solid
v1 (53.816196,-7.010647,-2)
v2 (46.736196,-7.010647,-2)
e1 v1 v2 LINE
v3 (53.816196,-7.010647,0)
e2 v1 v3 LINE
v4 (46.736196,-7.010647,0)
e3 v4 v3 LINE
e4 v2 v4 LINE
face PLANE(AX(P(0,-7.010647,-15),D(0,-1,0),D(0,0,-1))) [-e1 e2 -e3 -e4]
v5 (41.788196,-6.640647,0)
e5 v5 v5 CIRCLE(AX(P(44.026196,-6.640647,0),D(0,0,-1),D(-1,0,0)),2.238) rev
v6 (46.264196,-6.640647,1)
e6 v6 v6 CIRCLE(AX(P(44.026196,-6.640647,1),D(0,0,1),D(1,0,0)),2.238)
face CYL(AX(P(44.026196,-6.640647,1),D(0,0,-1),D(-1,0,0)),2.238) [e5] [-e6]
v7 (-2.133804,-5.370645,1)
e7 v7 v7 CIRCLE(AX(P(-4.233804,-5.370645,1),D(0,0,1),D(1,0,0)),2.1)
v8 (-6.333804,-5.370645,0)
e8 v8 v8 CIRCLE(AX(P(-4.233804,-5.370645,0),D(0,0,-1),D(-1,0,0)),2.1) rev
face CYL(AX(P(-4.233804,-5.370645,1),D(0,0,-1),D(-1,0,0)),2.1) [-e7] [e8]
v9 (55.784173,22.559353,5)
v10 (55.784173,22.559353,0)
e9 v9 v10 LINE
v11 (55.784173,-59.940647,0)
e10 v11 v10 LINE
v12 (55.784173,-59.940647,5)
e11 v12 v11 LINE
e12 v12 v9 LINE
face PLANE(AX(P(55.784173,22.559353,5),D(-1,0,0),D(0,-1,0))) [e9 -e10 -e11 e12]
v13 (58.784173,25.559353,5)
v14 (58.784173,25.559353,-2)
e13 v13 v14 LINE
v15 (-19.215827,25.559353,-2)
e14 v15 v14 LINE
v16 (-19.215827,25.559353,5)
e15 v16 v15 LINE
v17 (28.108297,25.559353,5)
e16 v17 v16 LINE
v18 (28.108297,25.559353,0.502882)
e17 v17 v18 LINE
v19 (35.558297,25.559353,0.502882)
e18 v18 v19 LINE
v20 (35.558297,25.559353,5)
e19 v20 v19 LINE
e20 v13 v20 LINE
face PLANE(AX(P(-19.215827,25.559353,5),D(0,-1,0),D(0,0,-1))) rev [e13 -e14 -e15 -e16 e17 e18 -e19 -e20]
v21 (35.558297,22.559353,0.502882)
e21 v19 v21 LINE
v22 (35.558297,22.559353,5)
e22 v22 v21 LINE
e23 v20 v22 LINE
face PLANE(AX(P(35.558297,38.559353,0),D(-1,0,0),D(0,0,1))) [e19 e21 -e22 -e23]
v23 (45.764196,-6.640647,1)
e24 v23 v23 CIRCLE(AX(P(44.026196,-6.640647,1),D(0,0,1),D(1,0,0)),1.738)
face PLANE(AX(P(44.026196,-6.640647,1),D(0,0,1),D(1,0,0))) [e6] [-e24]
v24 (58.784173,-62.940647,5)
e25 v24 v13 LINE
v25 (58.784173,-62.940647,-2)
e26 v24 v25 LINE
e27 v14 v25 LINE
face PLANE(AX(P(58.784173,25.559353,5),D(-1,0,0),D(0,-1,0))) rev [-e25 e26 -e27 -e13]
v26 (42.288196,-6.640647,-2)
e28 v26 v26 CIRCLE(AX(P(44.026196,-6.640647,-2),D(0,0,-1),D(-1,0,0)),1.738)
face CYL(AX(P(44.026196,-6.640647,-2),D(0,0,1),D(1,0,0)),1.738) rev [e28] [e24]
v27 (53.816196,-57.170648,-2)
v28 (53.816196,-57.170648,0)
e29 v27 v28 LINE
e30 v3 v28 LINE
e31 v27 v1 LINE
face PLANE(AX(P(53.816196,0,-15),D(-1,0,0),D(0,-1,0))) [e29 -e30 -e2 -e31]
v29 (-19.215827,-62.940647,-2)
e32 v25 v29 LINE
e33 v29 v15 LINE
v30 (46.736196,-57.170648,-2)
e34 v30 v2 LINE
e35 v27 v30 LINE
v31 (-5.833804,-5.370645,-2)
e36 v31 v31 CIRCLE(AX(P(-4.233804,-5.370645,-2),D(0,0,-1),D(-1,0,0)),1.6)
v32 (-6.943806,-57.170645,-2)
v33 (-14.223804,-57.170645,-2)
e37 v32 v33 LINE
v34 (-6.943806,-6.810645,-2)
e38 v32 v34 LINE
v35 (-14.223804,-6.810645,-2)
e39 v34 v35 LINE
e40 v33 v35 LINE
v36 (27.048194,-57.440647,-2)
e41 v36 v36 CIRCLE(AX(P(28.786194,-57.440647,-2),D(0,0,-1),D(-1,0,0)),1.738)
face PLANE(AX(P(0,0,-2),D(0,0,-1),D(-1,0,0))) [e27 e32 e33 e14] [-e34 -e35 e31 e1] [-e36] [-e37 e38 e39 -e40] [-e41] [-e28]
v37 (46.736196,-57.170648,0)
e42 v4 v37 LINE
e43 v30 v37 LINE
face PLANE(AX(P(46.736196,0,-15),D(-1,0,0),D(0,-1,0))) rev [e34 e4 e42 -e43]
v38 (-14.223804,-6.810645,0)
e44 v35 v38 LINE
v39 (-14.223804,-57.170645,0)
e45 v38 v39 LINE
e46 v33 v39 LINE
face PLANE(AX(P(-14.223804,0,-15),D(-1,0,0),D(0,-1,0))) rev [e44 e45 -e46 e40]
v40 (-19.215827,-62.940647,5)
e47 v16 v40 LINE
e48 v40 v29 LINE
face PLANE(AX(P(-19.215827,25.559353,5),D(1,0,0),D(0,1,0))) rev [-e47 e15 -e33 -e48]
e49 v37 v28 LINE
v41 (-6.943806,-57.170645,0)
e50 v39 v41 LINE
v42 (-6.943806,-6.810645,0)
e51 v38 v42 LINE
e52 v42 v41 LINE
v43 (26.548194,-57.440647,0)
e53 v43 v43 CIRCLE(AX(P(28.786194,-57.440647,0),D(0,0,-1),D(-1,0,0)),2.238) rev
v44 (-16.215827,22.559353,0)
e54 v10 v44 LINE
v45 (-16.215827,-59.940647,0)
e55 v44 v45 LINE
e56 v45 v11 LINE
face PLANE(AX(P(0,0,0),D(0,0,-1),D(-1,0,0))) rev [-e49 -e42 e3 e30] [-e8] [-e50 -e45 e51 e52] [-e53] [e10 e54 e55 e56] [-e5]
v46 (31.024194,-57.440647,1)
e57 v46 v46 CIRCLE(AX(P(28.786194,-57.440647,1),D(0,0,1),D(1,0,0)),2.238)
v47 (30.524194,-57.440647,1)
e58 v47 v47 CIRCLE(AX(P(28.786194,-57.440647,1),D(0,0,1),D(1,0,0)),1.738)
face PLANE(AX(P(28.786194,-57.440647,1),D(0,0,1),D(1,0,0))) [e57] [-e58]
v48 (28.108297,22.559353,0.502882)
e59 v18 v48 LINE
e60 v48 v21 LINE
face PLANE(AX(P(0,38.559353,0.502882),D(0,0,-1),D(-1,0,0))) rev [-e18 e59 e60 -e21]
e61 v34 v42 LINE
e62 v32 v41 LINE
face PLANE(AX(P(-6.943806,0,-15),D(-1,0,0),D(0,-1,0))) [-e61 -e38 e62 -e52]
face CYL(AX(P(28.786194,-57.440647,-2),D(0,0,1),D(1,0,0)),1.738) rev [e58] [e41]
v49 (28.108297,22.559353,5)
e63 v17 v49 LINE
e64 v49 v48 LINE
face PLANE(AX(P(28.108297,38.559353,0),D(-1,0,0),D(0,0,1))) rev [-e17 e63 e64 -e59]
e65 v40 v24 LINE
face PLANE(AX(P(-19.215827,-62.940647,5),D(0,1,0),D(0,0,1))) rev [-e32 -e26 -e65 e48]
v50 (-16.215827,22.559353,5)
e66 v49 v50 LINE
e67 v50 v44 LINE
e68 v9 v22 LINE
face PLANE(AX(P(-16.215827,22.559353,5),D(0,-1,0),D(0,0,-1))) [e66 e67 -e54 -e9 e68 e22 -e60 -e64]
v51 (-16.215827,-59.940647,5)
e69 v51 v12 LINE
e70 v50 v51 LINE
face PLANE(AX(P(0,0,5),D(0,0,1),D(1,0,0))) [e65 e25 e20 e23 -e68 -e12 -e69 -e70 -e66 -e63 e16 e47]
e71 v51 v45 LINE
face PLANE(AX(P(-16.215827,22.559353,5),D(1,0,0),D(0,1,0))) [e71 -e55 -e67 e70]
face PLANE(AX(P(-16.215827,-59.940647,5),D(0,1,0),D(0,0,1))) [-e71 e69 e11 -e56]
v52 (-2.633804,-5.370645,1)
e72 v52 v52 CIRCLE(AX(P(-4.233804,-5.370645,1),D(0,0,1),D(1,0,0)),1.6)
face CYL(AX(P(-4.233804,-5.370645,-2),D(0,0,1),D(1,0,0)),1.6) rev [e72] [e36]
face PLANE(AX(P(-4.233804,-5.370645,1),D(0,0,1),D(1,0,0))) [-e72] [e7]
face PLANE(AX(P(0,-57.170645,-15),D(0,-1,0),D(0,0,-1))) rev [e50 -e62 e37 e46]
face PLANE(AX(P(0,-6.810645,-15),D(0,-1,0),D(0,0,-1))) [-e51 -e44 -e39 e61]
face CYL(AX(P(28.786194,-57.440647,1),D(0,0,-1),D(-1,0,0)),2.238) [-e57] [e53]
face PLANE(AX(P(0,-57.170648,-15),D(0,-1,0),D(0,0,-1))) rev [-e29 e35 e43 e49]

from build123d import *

# Parameters (mm, degrees)
SKETCH1_W           = 78
SKETCH1_H           = 88.5
SKETCH1_W_2         = 72
SKETCH1_H_2         = 82.5
BOSS_EXTRUDE1_DEPTH = 5
SKETCH2_W           = 78
SKETCH2_H           = 88.5
SKETCH2_R           = 1.6
SKETCH2_R_2         = 1.738
BOSS_EXTRUDE2_DEPTH = 2
SKETCH7_W           = 7.279998142
SKETCH7_H           = 50.36
SKETCH7_W_2         = 7.079999996
SKETCH7_H_2         = 50.160000192
CUT_EXTRUDE1_DEPTH  = 15
SKETCH9_W           = 7.45
SKETCH9_H           = 4.497118046
CUT_EXTRUDE7_DEPTH  = 16
SKETCH10_R          = 2.1
SKETCH10_R_2        = 2.238
BOSS_EXTRUDE4_DEPTH = 1
CUT_EXTRUDE8_START  = -15
SKETCH11_R          = 1.738
SKETCH11_R_2        = 1.6
CUT_EXTRUDE8_DEPTH  = 15


with BuildPart() as part:
    # Sketch1 → Boss-Extrude1 (new body)
    with BuildSketch(Plane.XY):
        with Locations((19.784172662, -18.690647482)):
            Rectangle(SKETCH1_W, SKETCH1_H)
        with Locations((19.784172662, -18.690647482)):
            Rectangle(SKETCH1_W_2, SKETCH1_H_2, mode=Mode.SUBTRACT)
    extrude(amount=BOSS_EXTRUDE1_DEPTH)

    # Sketch2 → Boss-Extrude2 (add)
    with BuildSketch(Plane(origin=(0, 0, 0), x_dir=(-1, 0, 0), z_dir=(0, 0, -1))):
        with Locations((-19.784172662, -18.690647482)):
            Rectangle(SKETCH2_W, SKETCH2_H)
        with Locations((4.233803916, -5.370645303)):
            Circle(SKETCH2_R, mode=Mode.SUBTRACT)
        with Locations((-44.026196036, -6.640647161)):
            Circle(SKETCH2_R_2, mode=Mode.SUBTRACT)
        with Locations((-28.78619408, -57.440646574)):
            Circle(SKETCH2_R_2, mode=Mode.SUBTRACT)
    extrude(amount=BOSS_EXTRUDE2_DEPTH)

    # Sketch7 → Cut-Extrude1 (cut)
    with BuildSketch(Plane.XY):
        with Locations((-10.583804942, -31.990645157)):
            Rectangle(SKETCH7_W, SKETCH7_H)
        with Locations((50.276195985, -32.090647407)):
            Rectangle(SKETCH7_W_2, SKETCH7_H_2)
    extrude(amount=-CUT_EXTRUDE1_DEPTH, mode=Mode.SUBTRACT)

    # Sketch9 → Cut-Extrude7 (cut)
    with BuildSketch(Plane.XZ.offset(-22.559352518)):
        with Locations((31.833296536, 2.751440977)):
            Rectangle(SKETCH9_W, SKETCH9_H)
    extrude(amount=-CUT_EXTRUDE7_DEPTH, mode=Mode.SUBTRACT)

    # Sketch10 → Boss-Extrude4 (add)
    with BuildSketch(Plane.XY):
        with Locations(Location((-4.233803916, -5.370645303, 0), (0, 0, 180))):
            Circle(SKETCH10_R)
        with Locations(Location((44.026196036, -6.640647161, 0), (0, 0, 180))):
            Circle(SKETCH10_R_2)
        with Locations(Location((28.78619408, -57.440646574, 0), (0, 0, 180))):
            Circle(SKETCH10_R_2)
    extrude(amount=BOSS_EXTRUDE4_DEPTH)

    # Sketch11 → Cut-Extrude8 (cut)
    with BuildSketch(Plane(origin=(0, 0, 0), x_dir=(-1, 0, 0), z_dir=(0, 0, -1)).offset(CUT_EXTRUDE8_START)):
        with Locations(Location((-44.026196036, -6.640647161, 0), (0, 0, 180))):
            Circle(SKETCH11_R)
        with Locations(Location((4.233803916, -5.370645303, 0), (0, 0, 180))):
            Circle(SKETCH11_R_2)
        with Locations(Location((-28.78619408, -57.440646574, 0), (0, 0, 180))):
            Circle(SKETCH11_R)
    extrude(amount=CUT_EXTRUDE8_DEPTH, mode=Mode.SUBTRACT)


solid = part.part
